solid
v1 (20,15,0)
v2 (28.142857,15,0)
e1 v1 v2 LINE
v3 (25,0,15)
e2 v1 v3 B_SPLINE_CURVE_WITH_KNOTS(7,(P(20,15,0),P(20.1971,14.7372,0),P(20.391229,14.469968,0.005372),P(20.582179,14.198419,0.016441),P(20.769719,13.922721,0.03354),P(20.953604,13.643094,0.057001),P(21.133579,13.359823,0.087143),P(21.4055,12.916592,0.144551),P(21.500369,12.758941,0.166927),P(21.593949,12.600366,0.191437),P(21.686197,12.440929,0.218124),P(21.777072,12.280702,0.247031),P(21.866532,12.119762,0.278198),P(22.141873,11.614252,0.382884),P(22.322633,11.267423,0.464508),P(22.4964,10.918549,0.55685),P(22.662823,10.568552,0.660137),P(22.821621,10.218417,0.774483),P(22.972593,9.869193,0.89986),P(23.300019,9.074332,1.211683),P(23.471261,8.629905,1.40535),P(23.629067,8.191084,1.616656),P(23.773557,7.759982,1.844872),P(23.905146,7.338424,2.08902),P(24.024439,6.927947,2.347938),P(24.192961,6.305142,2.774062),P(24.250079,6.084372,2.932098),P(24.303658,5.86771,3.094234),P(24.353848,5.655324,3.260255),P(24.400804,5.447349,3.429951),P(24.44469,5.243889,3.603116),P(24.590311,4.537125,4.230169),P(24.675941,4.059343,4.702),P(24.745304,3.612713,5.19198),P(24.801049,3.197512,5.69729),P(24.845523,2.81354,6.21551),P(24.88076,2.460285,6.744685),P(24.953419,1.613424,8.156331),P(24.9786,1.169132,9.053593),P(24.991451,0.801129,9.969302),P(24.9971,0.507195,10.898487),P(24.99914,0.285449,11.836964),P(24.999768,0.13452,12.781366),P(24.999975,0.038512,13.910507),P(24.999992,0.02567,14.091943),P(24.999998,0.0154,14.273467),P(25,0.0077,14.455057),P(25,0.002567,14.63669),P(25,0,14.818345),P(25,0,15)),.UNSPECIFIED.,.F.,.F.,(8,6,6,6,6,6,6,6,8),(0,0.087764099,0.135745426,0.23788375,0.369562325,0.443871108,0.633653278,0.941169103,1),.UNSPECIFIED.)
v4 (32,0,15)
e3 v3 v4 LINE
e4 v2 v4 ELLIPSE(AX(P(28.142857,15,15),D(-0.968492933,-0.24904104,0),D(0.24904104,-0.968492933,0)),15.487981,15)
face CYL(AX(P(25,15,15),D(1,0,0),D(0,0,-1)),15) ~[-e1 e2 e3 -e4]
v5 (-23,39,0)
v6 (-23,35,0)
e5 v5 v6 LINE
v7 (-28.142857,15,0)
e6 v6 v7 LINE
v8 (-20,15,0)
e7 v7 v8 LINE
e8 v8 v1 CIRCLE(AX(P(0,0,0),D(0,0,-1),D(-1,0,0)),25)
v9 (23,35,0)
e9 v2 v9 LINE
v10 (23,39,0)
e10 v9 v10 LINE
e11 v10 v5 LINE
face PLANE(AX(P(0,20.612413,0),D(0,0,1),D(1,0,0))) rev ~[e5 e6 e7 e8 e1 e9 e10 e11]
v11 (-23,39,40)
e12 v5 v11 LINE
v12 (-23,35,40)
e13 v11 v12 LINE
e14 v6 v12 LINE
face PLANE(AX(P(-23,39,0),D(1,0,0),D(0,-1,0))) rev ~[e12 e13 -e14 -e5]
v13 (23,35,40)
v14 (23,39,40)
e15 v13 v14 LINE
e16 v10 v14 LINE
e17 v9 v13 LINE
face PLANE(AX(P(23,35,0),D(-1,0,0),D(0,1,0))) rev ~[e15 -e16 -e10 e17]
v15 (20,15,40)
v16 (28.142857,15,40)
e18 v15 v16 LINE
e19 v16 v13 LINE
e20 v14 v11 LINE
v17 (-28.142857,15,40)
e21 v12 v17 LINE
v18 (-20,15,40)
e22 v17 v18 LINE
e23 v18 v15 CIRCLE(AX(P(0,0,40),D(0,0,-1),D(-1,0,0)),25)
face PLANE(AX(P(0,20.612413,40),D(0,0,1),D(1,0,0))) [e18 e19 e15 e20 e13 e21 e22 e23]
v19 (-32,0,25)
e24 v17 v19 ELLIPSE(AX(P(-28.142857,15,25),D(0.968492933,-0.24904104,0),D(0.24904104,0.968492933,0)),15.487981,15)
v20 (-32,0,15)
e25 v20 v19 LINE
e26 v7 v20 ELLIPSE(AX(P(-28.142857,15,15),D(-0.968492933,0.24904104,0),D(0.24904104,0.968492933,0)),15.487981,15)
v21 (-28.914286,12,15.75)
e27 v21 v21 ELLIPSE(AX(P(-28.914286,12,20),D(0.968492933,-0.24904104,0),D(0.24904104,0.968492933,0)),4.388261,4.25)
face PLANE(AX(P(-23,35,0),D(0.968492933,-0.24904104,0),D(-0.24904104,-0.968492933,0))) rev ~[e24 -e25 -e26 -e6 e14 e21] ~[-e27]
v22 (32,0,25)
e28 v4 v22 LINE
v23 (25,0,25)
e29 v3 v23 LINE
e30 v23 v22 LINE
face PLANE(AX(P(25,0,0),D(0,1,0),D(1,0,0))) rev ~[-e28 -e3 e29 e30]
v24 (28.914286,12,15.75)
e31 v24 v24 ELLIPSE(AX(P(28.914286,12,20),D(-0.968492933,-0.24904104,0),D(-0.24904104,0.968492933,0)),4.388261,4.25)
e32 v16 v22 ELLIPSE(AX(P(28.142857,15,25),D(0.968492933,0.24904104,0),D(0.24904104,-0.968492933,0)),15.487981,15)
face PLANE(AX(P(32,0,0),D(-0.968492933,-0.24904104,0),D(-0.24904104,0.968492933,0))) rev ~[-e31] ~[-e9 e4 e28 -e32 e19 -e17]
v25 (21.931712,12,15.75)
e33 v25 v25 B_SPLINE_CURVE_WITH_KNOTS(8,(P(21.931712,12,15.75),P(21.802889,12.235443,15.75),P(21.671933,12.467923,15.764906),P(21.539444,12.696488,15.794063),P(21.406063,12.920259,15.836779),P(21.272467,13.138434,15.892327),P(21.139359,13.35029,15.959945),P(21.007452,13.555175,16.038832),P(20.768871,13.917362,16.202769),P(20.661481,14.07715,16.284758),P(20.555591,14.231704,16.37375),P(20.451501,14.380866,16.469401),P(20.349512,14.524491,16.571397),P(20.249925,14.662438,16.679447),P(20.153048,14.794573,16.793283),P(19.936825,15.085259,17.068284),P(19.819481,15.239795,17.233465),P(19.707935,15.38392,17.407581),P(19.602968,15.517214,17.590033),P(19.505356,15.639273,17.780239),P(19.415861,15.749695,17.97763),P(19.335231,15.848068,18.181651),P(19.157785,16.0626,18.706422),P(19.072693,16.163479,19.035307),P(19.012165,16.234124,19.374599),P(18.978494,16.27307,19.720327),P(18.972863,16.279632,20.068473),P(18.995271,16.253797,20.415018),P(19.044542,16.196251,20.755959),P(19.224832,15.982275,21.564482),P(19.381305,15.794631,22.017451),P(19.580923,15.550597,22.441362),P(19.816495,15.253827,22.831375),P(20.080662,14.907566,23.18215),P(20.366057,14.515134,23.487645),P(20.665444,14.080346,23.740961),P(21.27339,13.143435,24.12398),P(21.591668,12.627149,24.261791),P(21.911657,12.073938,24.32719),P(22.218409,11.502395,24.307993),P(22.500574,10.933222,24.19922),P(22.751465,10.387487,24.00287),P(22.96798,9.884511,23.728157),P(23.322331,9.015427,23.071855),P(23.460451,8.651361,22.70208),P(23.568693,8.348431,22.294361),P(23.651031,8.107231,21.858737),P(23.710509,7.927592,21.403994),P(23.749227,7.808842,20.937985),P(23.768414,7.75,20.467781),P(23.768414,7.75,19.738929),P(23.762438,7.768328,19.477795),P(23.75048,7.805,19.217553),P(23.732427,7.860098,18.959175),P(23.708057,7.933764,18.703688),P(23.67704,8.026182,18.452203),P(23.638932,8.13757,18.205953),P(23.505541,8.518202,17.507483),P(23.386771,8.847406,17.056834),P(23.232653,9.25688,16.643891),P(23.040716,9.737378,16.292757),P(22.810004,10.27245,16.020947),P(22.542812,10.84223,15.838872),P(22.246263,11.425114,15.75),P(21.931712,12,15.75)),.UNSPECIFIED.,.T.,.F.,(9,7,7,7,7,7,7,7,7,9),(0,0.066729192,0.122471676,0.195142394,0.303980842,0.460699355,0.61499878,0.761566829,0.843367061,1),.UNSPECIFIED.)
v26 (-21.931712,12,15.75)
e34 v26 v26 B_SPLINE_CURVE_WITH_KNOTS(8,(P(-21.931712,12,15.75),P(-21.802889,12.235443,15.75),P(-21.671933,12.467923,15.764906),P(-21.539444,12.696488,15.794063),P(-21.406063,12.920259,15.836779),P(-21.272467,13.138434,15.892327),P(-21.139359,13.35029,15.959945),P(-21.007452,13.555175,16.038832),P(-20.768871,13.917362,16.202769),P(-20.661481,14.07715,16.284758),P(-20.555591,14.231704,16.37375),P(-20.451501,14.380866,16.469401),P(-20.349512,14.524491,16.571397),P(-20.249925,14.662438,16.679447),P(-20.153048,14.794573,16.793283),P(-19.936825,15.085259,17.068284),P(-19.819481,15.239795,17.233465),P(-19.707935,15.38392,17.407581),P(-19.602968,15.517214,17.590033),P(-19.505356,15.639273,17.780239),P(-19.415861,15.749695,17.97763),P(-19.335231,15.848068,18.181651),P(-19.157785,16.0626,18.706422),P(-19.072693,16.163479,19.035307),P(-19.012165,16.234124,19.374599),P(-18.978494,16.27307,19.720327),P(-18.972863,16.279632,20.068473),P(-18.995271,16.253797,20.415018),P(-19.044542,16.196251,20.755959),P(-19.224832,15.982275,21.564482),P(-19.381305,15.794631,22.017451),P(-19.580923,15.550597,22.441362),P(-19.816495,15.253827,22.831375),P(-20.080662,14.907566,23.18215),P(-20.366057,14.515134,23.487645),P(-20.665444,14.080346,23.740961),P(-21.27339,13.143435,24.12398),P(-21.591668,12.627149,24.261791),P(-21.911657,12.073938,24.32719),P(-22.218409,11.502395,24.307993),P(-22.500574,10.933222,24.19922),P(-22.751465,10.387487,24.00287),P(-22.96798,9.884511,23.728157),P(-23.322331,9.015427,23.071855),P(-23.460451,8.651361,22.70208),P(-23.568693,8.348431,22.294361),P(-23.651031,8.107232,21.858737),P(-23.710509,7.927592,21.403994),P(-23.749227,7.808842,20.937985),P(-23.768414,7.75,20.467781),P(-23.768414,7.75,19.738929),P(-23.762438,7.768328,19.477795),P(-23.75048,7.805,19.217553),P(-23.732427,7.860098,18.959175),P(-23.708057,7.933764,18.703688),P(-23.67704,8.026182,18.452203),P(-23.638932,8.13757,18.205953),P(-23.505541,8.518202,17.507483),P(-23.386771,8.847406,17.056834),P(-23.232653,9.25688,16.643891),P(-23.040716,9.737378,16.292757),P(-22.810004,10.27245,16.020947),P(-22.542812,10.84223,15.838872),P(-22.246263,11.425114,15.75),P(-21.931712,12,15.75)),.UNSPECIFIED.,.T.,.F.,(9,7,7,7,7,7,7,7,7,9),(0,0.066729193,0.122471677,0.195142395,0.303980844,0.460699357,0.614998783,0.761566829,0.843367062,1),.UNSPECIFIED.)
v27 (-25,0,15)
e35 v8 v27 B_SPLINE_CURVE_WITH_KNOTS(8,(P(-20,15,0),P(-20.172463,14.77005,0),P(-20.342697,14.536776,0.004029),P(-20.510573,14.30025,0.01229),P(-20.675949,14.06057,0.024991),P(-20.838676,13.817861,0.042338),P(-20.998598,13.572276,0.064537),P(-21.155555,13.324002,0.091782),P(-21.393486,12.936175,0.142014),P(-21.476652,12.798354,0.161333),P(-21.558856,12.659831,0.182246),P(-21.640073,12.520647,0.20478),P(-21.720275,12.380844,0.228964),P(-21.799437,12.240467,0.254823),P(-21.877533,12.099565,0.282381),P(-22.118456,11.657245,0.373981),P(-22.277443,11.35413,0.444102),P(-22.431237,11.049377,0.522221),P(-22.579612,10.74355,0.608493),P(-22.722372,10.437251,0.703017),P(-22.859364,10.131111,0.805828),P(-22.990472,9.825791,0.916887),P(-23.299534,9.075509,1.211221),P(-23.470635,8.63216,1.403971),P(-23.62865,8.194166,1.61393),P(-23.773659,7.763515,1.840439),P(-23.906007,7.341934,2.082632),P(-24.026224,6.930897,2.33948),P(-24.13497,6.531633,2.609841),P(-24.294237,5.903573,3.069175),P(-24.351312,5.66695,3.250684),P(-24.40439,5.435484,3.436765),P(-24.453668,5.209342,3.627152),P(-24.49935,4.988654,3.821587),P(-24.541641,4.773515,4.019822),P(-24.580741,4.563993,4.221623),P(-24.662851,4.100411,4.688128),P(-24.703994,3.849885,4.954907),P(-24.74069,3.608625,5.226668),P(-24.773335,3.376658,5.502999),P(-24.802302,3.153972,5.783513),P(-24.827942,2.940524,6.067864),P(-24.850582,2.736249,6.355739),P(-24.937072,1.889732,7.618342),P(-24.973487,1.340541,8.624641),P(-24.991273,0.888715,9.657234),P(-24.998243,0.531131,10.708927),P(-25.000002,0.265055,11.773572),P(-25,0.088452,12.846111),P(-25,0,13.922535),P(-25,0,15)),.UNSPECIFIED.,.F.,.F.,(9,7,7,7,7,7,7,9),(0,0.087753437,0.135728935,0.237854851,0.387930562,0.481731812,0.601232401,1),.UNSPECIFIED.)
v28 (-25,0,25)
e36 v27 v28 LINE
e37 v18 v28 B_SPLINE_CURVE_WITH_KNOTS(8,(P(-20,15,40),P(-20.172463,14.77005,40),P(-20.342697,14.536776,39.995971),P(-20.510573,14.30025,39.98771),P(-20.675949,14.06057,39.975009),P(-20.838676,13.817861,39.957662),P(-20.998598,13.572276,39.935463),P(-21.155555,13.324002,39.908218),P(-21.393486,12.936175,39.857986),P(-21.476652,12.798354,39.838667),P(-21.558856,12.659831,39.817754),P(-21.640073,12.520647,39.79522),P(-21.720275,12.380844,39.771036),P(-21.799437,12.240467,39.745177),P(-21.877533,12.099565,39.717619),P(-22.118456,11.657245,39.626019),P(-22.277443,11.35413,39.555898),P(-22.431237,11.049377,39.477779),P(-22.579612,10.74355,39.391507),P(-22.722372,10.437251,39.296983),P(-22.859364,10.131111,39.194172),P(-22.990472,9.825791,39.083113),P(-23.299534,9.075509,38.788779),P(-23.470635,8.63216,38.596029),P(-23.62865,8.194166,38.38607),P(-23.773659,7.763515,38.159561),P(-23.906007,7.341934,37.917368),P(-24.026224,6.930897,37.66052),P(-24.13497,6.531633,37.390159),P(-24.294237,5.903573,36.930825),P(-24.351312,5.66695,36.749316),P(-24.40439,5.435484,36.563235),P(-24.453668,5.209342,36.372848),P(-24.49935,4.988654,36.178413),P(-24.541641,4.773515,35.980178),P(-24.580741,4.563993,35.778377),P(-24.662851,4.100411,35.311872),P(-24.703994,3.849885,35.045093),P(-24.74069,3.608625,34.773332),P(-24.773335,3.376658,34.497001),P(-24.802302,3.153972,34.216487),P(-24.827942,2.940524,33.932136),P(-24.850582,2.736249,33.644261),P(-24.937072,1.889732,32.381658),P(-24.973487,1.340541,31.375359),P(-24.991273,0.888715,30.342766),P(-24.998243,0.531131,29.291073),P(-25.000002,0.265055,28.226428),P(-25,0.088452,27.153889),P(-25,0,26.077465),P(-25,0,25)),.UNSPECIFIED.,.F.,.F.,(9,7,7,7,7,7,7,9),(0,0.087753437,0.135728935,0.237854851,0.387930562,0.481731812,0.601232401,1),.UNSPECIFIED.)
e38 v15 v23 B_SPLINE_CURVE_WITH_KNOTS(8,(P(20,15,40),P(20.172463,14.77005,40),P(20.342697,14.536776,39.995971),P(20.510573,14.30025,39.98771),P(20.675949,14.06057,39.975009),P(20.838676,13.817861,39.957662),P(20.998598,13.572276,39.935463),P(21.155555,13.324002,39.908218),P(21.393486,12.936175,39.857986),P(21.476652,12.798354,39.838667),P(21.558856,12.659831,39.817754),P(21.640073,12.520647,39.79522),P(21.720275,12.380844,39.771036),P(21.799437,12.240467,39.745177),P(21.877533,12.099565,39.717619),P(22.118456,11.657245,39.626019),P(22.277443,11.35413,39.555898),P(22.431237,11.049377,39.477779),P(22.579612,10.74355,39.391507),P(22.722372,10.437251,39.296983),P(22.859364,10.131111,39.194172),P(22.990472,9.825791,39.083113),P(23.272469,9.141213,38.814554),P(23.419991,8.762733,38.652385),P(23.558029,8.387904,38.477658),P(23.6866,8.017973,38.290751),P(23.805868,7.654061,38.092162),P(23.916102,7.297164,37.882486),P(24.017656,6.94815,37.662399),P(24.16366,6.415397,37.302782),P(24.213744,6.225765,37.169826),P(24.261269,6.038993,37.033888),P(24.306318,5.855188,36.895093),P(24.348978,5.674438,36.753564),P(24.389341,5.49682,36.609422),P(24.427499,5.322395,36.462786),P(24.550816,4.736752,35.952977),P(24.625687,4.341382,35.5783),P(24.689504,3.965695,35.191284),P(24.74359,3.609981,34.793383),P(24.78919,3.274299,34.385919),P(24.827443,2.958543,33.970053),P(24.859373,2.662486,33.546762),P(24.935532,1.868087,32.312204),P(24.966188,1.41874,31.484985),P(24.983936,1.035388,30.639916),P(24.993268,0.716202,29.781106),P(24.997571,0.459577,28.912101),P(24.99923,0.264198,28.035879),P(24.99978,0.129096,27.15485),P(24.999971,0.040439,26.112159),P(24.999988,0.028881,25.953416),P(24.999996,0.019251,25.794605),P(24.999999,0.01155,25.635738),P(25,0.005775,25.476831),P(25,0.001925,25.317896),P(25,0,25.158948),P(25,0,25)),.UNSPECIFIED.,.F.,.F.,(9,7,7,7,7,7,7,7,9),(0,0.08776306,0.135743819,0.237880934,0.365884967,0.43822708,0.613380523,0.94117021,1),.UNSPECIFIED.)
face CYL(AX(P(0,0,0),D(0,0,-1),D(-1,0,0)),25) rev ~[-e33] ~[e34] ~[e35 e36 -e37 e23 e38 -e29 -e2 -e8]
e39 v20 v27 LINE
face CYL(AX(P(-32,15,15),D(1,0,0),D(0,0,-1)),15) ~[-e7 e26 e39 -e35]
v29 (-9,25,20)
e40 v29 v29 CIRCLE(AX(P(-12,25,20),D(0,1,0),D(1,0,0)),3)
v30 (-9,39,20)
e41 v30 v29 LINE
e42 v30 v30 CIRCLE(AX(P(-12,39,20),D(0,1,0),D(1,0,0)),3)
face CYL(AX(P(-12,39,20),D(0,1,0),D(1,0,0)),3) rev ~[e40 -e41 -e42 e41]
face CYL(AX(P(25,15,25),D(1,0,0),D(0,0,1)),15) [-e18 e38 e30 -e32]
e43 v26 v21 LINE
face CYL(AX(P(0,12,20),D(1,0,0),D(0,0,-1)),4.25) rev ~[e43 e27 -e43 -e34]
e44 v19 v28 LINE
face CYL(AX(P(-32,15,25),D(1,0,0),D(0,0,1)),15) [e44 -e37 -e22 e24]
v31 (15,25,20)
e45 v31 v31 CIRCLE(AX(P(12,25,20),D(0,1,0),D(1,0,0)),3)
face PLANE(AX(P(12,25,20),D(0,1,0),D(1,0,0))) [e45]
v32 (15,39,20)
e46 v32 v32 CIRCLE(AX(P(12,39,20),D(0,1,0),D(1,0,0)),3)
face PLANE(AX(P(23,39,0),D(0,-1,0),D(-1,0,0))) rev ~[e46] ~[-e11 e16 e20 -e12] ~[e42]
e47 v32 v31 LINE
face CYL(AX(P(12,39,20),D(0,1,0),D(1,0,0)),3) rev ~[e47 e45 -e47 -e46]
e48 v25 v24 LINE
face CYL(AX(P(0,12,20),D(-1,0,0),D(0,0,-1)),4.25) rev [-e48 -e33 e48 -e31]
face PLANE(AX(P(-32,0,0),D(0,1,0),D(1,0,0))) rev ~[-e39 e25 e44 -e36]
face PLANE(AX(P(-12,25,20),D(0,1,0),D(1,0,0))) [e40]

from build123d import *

# Parameters (mm, degrees)
EXTRUDE_1_DEPTH          = 40
SKETCH_2_R               = 3
CUT_EXTRUDE_1_DEPTH      = 14
SKETCH_3_R               = 4.25
CUT_EXTRUDE_2_DEPTH      = 33
CUT_EXTRUDE_2_DEPTH_BACK = 33
FILLET_1_R               = 15


with BuildPart() as part:
    # 草圖1 → 填料-伸長1 (new body)
    with BuildSketch(Plane.XY):
        with BuildLine():
            Line((-23, 35), (-32, 0))
            Line((-32, 0), (-25, 0))
            ThreePointArc((-25, 0), (0, 25), (25, 0))
            Line((25, 0), (32, 0))
            Line((32, 0), (23, 35))
            Line((23, 35), (23, 39))
            Line((23, 39), (-23, 39))
            Line((-23, 39), (-23, 35))
        make_face()
    extrude(amount=EXTRUDE_1_DEPTH)

    # 草圖2 → 除料-伸長1 (cut)
    with BuildSketch(Plane(origin=(0, 39, 0), x_dir=(1, 0, 0), z_dir=(0, 1, 0))):
        with Locations((-12, -20)):
            Circle(SKETCH_2_R)
        with Locations((12, -20)):
            Circle(SKETCH_2_R)
    extrude(amount=-CUT_EXTRUDE_1_DEPTH, mode=Mode.SUBTRACT)

    # 草圖3 → 除料-伸長2 (cut, two sides)
    with BuildSketch(Plane(origin=(0, 0, 0), x_dir=(0, 0, -1), z_dir=(1, 0, 0))) as cut_extrude_2_sk:
        with Locations((-20, 12)):
            Circle(SKETCH_3_R)
    extrude(amount=CUT_EXTRUDE_2_DEPTH, mode=Mode.SUBTRACT)
    extrude(cut_extrude_2_sk.sketch, amount=-CUT_EXTRUDE_2_DEPTH_BACK, mode=Mode.SUBTRACT)

    # 圓角1
    fillet_1_edges = [part.edges().sort_by_distance(p)[0] for p in [
        (-28.5, 0, 0),
        (-28.5, 0, 40),
        (28.5, 0, 40),
        (28.5, 0, 0),
    ]]
    fillet(fillet_1_edges, radius=FILLET_1_R)


solid = part.part
